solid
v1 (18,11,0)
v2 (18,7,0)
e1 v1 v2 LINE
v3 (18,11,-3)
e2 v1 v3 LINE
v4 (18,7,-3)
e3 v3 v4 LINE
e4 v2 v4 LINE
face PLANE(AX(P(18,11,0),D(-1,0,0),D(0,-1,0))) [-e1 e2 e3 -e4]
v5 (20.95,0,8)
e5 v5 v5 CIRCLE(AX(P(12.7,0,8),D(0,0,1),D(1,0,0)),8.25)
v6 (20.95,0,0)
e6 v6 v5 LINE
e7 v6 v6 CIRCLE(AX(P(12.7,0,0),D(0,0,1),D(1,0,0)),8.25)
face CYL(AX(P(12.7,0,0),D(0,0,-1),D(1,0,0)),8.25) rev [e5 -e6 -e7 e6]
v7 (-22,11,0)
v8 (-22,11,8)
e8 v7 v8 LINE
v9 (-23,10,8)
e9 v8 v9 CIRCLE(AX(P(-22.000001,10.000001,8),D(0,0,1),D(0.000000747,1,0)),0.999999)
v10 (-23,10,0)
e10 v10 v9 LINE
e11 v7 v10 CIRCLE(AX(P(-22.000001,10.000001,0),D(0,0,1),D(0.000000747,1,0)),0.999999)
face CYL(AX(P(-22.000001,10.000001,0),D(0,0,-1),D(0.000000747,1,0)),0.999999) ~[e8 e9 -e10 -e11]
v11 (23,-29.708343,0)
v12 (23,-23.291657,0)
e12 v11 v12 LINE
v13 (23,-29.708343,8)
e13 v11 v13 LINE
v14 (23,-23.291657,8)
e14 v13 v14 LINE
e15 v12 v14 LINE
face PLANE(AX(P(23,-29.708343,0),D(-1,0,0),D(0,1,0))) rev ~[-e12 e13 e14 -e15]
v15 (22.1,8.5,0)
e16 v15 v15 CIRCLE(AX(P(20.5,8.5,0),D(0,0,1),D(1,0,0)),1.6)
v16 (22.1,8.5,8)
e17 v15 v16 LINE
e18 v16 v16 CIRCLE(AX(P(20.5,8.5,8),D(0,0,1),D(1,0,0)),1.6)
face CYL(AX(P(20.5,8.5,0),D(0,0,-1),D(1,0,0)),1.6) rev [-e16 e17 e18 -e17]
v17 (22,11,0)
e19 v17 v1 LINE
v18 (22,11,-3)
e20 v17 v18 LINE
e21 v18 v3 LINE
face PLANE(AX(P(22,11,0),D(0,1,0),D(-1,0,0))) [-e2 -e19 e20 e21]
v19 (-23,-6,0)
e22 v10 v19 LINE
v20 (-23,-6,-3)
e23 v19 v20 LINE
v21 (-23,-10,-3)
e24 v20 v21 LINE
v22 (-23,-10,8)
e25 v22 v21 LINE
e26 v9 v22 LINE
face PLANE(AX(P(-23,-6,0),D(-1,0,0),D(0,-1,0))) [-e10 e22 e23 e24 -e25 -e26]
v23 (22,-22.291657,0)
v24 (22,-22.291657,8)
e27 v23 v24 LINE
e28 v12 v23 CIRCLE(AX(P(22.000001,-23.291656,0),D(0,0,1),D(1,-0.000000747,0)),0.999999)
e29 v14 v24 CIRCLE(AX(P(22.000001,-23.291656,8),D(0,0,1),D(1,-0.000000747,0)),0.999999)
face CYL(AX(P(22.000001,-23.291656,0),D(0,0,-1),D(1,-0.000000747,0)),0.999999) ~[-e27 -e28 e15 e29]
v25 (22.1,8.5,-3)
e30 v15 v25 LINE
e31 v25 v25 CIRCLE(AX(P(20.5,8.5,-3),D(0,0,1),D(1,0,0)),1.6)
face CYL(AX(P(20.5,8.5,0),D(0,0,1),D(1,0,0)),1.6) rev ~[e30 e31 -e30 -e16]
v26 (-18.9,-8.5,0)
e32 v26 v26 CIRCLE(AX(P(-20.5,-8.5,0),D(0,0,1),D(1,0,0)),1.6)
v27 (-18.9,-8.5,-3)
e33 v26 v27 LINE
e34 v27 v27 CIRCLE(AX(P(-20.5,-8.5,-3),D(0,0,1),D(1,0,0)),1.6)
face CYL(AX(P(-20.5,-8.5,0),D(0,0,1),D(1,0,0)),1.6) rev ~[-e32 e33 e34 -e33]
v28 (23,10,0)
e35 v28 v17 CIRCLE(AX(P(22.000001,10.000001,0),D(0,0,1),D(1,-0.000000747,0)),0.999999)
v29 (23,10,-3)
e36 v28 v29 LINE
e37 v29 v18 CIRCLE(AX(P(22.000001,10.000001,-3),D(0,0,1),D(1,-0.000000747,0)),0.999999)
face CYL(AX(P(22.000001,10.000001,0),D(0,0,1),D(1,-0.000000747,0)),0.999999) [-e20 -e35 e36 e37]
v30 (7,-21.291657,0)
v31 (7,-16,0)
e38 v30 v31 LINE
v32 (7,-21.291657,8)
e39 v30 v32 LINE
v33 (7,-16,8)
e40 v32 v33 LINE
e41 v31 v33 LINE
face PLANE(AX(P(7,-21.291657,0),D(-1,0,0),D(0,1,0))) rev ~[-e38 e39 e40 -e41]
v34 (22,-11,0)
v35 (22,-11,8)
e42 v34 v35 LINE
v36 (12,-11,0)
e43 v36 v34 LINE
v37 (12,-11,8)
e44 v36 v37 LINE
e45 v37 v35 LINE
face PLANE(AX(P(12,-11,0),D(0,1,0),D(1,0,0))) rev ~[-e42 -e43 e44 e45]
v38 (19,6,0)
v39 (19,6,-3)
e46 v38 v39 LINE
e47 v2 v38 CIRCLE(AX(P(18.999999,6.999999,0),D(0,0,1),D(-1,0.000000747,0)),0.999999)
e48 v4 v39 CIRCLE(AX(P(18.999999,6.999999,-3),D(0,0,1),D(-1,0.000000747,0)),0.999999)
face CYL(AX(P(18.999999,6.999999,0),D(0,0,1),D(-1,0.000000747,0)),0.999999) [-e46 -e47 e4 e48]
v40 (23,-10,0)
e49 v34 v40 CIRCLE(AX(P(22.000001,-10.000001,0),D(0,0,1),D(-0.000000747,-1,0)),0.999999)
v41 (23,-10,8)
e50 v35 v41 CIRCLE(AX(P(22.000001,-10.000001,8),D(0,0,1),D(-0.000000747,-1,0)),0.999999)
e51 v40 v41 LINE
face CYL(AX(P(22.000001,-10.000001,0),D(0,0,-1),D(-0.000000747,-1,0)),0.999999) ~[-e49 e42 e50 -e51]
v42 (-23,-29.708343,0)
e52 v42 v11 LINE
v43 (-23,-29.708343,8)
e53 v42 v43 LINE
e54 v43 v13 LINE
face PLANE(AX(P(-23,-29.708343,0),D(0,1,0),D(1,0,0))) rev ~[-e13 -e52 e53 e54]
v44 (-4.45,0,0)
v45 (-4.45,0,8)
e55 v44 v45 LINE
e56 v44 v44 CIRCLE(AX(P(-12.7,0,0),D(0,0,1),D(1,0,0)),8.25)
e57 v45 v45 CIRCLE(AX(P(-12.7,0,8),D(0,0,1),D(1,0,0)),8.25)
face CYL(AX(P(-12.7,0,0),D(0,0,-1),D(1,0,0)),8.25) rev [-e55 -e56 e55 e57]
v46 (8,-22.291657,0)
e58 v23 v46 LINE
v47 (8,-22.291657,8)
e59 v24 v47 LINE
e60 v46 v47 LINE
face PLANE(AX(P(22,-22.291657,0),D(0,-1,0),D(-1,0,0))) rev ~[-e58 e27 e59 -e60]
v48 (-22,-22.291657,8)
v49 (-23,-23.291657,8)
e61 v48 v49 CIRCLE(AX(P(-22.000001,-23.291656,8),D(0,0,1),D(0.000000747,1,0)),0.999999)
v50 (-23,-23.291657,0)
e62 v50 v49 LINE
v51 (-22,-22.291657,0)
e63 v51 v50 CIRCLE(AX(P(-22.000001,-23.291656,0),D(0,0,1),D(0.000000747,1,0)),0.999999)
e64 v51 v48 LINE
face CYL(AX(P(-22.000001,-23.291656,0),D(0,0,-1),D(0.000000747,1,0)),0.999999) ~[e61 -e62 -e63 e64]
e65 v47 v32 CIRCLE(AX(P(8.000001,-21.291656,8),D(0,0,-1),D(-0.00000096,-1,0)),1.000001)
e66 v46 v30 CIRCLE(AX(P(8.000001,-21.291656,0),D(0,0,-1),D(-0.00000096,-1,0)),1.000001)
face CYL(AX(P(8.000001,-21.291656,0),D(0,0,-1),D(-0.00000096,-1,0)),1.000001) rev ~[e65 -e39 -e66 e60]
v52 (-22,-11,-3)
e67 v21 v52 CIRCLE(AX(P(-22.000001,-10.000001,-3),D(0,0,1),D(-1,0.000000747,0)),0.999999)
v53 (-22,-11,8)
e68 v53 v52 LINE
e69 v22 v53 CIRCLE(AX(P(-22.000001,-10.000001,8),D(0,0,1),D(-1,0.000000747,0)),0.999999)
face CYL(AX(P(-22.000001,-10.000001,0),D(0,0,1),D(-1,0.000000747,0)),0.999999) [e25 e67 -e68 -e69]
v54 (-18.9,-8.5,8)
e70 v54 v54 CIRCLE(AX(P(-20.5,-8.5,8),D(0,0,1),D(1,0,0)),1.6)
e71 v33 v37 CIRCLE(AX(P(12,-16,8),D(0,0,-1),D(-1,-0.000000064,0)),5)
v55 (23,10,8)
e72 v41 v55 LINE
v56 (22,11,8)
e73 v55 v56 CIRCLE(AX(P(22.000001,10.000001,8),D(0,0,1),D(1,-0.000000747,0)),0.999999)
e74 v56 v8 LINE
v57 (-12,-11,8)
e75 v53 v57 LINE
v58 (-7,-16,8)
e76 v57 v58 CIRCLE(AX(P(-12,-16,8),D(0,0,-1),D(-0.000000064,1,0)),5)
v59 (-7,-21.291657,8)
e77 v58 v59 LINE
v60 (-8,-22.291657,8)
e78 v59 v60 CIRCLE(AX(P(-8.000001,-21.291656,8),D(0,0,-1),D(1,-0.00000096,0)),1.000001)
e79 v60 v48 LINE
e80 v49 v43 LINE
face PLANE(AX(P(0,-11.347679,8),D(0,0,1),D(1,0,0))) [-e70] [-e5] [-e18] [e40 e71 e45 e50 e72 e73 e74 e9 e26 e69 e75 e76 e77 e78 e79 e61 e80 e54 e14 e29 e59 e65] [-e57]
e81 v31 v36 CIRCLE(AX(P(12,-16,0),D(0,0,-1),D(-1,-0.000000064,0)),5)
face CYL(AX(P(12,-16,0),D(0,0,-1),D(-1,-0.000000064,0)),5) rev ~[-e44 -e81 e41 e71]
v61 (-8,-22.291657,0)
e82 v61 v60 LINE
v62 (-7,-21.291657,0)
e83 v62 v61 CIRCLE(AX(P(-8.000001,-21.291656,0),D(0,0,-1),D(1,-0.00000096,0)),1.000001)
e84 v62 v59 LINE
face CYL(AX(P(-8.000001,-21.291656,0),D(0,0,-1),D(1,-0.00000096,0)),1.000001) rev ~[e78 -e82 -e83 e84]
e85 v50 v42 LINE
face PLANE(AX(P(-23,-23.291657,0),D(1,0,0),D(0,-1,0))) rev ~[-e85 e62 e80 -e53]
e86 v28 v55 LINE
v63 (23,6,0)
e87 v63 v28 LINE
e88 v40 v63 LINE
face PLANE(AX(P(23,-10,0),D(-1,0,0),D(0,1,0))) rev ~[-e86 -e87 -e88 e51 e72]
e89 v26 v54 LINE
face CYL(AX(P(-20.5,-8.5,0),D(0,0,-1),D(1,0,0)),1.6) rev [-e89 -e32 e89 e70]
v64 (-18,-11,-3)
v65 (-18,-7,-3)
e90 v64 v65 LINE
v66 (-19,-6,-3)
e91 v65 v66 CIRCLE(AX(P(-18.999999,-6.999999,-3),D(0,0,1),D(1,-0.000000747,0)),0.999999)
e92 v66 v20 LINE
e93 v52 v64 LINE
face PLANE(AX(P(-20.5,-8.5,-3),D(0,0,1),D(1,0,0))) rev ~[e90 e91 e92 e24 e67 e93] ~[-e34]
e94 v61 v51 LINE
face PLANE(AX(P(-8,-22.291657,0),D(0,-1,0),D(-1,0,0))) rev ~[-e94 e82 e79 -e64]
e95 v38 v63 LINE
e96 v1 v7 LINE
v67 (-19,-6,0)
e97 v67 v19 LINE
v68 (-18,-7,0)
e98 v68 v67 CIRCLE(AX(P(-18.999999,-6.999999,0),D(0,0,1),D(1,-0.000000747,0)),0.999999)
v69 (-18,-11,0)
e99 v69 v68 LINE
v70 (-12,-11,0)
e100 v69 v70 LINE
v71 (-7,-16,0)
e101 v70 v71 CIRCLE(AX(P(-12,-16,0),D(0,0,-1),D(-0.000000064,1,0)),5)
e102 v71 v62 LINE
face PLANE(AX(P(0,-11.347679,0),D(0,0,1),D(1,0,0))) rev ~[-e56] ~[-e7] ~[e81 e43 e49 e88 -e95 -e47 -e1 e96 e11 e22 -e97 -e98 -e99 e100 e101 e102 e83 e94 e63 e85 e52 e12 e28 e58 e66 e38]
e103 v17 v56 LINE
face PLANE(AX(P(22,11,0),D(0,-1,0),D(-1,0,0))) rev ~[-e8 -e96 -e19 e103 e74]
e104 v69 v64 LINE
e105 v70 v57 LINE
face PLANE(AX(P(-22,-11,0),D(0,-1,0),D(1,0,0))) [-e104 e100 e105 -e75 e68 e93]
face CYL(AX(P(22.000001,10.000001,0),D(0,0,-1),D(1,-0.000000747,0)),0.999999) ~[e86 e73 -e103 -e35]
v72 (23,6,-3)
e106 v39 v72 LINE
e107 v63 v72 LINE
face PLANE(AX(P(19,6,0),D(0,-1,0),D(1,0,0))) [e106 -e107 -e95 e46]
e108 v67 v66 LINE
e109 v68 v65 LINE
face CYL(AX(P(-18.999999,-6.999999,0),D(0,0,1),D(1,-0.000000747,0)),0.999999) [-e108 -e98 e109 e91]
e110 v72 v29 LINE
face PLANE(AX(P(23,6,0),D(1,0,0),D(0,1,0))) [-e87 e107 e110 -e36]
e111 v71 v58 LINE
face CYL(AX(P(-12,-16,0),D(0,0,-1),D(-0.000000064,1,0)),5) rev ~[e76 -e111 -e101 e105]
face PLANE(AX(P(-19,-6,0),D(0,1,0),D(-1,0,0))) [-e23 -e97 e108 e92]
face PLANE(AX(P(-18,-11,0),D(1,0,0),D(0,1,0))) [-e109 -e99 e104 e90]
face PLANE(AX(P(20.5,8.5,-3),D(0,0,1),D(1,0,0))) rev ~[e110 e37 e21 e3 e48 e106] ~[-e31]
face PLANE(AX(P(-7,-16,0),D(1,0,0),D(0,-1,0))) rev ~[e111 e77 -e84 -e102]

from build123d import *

# Parameters (mm, degrees)
F0_R     = 8.25
F0_R_2   = 1.6
F1_DEPTH = 8
F2_DEPTH = 3


with BuildPart() as f1:
    # F0 (on Top) → F1 (new body)
    with BuildSketch(Plane.XY):
        with BuildLine():
            Line((-23, -29.708343), (23, -29.708343))
            Line((23, -29.708343), (23, -23.291657))
            ThreePointArc((23, -23.291657), (22.707107, -22.58455), (22, -22.291657))
            Line((22, -22.291657), (8, -22.291657))
            ThreePointArc((8, -22.291657), (7.292893, -21.998763), (7, -21.291657))
            Line((7, -21.291657), (7, -16))
            ThreePointArc((7, -16), (8.464466, -12.464466), (12, -11))
            Line((12, -11), (22, -11))
            ThreePointArc((22, -11), (22.707107, -10.707107), (23, -10))
            Line((23, -10), (23, 6))
            Line((23, 6), (19, 6))
            ThreePointArc((19, 6), (18.292893, 6.292893), (18, 7))
            Line((18, 7), (18, 11))
            Line((18, 11), (-22, 11))
            ThreePointArc((-22, 11), (-22.707107, 10.707107), (-23, 10))
            Line((-23, 10), (-23, -6))
            Line((-23, -6), (-19, -6))
            ThreePointArc((-19, -6), (-18.292893, -6.292893), (-18, -7))
            Line((-18, -7), (-18, -11))
            Line((-18, -11), (-12, -11))
            ThreePointArc((-12, -11), (-8.464466, -12.464466), (-7, -16))
            Line((-7, -16), (-7, -21.291657))
            ThreePointArc((-7, -21.291657), (-7.292893, -21.998763), (-8, -22.291657))
            Line((-8, -22.291657), (-22, -22.291657))
            ThreePointArc((-22, -22.291657), (-22.707107, -22.58455), (-23, -23.291657))
            Line((-23, -23.291657), (-23, -29.708343))
        make_face()
        with Locations((-12.7, 0)):
            Circle(F0_R, mode=Mode.SUBTRACT)
        with Locations((12.7, 0)):
            Circle(F0_R, mode=Mode.SUBTRACT)
        with BuildLine():
            Line((19, 6), (23, 6))
            Line((23, 6), (23, 10))
            ThreePointArc((23, 10), (22.707107, 10.707107), (22, 11))
            Line((22, 11), (18, 11))
            Line((18, 11), (18, 7))
            ThreePointArc((18, 7), (18.292893, 6.292893), (19, 6))
        make_face()
        with Locations((20.5, 8.5)):
            Circle(F0_R_2, mode=Mode.SUBTRACT)
        with BuildLine():
            Line((-22, -11), (-18, -11))
            Line((-18, -11), (-18, -7))
            ThreePointArc((-18, -7), (-18.292893, -6.292893), (-19, -6))
            Line((-19, -6), (-23, -6))
            Line((-23, -6), (-23, -10))
            ThreePointArc((-23, -10), (-22.707107, -10.707107), (-22, -11))
        make_face()
        with Locations((-20.5, -8.5)):
            Circle(F0_R_2, mode=Mode.SUBTRACT)
    extrude(amount=F1_DEPTH)

    # F0 (on Top) → F2 (join)
    with BuildSketch(Plane.XY):
        with BuildLine():
            Line((-22, -11), (-18, -11))
            Line((-18, -11), (-18, -7))
            ThreePointArc((-18, -7), (-18.292893, -6.292893), (-19, -6))
            Line((-19, -6), (-23, -6))
            Line((-23, -6), (-23, -10))
            ThreePointArc((-23, -10), (-22.707107, -10.707107), (-22, -11))
        make_face()
        with Locations((-20.5, -8.5)):
            Circle(F0_R_2, mode=Mode.SUBTRACT)
        with BuildLine():
            Line((19, 6), (23, 6))
            Line((23, 6), (23, 10))
            ThreePointArc((23, 10), (22.707107, 10.707107), (22, 11))
            Line((22, 11), (18, 11))
            Line((18, 11), (18, 7))
            ThreePointArc((18, 7), (18.292893, 6.292893), (19, 6))
        make_face()
        with Locations((20.5, 8.5)):
            Circle(F0_R_2, mode=Mode.SUBTRACT)
    extrude(amount=-F2_DEPTH)


solid = f1.part
